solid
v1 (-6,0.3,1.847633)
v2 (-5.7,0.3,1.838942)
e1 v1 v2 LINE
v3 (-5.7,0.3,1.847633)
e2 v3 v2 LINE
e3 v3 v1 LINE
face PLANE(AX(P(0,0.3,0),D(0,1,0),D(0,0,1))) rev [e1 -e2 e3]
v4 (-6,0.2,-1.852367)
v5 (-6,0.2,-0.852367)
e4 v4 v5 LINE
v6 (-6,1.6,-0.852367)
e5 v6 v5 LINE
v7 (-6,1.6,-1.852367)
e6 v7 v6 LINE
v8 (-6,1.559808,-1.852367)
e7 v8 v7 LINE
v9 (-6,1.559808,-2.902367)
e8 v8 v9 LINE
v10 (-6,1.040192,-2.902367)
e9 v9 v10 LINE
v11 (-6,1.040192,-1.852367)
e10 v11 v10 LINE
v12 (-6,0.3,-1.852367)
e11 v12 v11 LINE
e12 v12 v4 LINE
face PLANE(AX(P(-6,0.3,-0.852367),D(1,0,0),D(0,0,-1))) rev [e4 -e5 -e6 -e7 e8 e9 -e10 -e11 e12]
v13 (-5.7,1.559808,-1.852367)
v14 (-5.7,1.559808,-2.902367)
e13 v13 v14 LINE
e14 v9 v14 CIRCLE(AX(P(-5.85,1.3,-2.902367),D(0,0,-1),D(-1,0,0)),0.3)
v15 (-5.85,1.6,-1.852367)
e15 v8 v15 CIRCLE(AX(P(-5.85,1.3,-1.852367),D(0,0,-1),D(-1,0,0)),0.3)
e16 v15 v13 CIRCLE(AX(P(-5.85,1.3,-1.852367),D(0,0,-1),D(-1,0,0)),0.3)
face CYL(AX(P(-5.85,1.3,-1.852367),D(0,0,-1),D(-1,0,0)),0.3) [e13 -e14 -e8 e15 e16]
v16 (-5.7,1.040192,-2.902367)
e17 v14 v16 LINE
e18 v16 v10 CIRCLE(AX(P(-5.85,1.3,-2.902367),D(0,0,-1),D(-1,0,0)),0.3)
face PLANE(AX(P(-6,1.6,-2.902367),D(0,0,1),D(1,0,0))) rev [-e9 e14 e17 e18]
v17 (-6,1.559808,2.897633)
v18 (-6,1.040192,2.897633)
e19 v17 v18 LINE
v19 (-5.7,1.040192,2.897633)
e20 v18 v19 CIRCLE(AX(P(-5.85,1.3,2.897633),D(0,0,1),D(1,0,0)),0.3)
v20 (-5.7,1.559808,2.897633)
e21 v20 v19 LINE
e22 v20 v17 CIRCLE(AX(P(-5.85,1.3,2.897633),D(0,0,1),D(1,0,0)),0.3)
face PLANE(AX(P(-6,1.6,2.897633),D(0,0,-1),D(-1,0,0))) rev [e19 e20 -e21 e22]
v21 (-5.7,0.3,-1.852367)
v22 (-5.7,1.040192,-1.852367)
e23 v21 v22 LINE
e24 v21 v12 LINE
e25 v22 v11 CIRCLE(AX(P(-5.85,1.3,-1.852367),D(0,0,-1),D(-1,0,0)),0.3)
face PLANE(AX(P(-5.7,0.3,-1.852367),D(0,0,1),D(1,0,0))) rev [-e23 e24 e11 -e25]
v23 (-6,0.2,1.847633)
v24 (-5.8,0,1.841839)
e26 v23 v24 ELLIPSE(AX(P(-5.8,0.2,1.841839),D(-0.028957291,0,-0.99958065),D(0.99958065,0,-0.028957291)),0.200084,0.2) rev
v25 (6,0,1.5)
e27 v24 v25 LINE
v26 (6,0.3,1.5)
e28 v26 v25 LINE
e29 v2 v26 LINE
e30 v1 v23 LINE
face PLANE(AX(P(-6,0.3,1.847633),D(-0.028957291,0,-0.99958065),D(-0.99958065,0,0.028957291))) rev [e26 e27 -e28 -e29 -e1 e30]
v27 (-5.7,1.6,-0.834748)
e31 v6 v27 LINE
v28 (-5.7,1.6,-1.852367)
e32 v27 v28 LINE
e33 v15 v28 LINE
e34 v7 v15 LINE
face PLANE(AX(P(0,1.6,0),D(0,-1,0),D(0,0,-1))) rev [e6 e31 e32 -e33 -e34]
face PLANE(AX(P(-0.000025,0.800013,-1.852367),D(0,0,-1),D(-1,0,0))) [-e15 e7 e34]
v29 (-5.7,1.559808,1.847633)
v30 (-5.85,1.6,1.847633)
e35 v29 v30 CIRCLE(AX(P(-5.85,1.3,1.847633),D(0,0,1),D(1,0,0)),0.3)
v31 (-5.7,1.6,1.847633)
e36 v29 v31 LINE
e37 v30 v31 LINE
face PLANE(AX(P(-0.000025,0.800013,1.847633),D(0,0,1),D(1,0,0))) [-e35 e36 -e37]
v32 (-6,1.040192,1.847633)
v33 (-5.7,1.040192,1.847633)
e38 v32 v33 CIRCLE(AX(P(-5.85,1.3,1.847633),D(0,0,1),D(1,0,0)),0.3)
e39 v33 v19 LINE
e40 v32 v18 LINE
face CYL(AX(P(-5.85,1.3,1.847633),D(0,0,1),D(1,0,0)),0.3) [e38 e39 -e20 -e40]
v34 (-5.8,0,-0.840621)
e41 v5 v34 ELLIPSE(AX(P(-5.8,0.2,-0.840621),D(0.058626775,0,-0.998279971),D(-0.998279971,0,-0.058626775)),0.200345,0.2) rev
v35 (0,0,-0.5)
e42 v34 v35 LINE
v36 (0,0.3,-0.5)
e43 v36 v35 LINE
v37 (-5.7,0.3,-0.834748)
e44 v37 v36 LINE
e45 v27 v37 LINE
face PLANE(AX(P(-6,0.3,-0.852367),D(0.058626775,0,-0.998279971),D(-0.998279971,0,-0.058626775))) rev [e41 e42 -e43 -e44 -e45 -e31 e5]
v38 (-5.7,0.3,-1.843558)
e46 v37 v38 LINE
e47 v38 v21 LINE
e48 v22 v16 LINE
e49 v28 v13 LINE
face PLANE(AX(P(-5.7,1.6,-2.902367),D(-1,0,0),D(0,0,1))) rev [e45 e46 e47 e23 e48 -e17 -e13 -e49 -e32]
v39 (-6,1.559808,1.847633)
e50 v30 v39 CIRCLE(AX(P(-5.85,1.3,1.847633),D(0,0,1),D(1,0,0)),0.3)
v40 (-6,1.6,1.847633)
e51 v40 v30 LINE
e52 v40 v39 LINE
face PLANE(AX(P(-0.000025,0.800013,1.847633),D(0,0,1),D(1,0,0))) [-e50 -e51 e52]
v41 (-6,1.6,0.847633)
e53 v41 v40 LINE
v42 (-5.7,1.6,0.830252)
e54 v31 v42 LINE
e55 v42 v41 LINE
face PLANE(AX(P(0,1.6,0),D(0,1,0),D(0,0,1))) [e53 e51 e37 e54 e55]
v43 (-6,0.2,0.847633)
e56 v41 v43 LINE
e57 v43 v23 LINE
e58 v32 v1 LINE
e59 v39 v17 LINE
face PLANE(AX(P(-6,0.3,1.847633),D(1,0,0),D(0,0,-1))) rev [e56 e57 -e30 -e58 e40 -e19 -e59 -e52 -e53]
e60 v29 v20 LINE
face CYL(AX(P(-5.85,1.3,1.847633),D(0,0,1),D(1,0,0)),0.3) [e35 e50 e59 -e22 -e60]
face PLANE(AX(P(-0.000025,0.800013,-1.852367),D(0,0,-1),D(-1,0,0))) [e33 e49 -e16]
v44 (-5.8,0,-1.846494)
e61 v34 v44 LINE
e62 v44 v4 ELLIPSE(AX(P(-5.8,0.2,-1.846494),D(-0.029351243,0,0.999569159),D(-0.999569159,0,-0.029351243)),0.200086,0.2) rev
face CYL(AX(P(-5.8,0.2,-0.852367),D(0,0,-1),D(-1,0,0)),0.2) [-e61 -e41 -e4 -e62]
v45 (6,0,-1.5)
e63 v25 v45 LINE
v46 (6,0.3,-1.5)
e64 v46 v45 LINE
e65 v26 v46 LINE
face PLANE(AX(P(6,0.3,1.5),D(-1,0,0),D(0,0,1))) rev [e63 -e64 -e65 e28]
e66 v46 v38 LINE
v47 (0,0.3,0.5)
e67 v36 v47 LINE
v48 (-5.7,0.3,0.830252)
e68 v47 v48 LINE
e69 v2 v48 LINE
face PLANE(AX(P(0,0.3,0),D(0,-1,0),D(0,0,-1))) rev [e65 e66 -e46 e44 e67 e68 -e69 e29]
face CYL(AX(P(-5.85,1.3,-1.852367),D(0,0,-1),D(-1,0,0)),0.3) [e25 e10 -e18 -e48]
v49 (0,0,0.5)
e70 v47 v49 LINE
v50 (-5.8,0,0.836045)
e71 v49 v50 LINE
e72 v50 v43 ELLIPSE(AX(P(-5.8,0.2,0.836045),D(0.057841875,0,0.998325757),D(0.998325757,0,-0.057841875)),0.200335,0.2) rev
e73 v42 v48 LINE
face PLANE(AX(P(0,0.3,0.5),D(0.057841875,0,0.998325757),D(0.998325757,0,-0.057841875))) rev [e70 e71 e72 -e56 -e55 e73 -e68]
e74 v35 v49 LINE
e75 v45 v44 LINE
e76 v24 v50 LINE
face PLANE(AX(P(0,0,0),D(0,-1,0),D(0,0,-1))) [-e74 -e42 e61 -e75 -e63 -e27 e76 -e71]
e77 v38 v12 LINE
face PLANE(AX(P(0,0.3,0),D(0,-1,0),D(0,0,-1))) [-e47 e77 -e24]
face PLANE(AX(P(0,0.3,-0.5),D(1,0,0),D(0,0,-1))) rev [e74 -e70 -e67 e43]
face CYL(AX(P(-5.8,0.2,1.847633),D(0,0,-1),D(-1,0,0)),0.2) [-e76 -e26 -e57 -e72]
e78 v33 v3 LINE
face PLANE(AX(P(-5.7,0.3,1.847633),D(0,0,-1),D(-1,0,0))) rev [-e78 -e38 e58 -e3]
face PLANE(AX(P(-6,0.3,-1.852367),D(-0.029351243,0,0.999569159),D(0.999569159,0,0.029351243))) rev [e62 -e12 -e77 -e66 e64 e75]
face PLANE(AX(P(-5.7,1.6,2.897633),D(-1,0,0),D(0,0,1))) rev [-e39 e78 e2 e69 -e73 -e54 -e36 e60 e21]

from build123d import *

# Parameters (mm, degrees)
BOSS_EXTRUDE1_DEPTH = 0.3
BOSS_EXTRUDE2_DEPTH = 1.3
SKETCH3_W           = 1.05
SKETCH3_H           = 0.7
CUT_EXTRUDE1_DEPTH  = 0.3
FILLET1_R           = 0.2
SKETCH4_OUTSIDE_W   = 16.684
SKETCH4_OUTSIDE_H   = 6.284
CUT_EXTRUDE3_DEPTH  = 1.05
SKETCH5_OUTSIDE_W   = 16.684
SKETCH5_OUTSIDE_H   = 6.284
CUT_EXTRUDE4_DEPTH  = 1.05


with BuildPart() as part:
    # Sketch1 → Boss-Extrude1 (new body)
    with BuildSketch(Plane(origin=(0, 0, 0), x_dir=(1, 0, 0), z_dir=(0, 1, 0))):
        Polygon((-6, 1.85236673), (6, 1.5), (6, -1.5), (-6, -1.84763327), (-6, -0.84763327), (0, -0.5), (0, 0.5), (-6, 0.85236673), align=None)
    extrude(amount=BOSS_EXTRUDE1_DEPTH)

    # Sketch2 → Boss-Extrude2 (add)
    with BuildSketch(Plane(origin=(0, 0.3, 0), x_dir=(1, 0, 0), z_dir=(0, 1, 0))):
        Polygon((-6, 0.85236673), (-6, 2.90236673), (-5.7, 2.90236673), (-5.7, 0.834748394), align=None)
        Polygon((-6, -0.84763327), (-6, -2.89763327), (-5.7, -2.89763327), (-5.7, -0.830251606), align=None)
    extrude(amount=BOSS_EXTRUDE2_DEPTH)

    # Sketch3 → Cut-Extrude1 (cut)
    with BuildSketch(Plane.ZY.offset(6)):
        with Locations((-2.37736673, 0.65)):
            Rectangle(SKETCH3_W, SKETCH3_H)
        with Locations((2.37263327, 0.65)):
            Rectangle(SKETCH3_W, SKETCH3_H)
    extrude(amount=-CUT_EXTRUDE1_DEPTH, mode=Mode.SUBTRACT)

    # Fillet1
    fillet1_edges = [part.edges().sort_by_distance(p)[0] for p in [
        (-6, 0, -1.35236673),
        (-6, 0, 1.34763327),
    ]]
    fillet(fillet1_edges, radius=FILLET1_R)

    # Sketch4 outside → Cut-Extrude3 (cut)
    with BuildSketch(Plane(origin=(0, 0, -2.90236673), x_dir=(-1, 0, 0), z_dir=(0, 0, -1))):
        with Locations((0, 0.8)):
            Rectangle(SKETCH4_OUTSIDE_W, SKETCH4_OUTSIDE_H)
        with BuildLine():
            Line((5.7, 1.559807621), (5.7, 1.040192379))
            ThreePointArc((5.7, 1.040192379), (5.85, 1), (6, 1.040192379))
            Line((6, 1.040192379), (6, 1.559807621))
            ThreePointArc((6, 1.559807621), (5.85, 1.6), (5.7, 1.559807621))
        make_face(mode=Mode.SUBTRACT)
    extrude(amount=-CUT_EXTRUDE3_DEPTH, mode=Mode.SUBTRACT)

    # Sketch5 outside → Cut-Extrude4 (cut)
    with BuildSketch(Plane.XY.offset(2.89763327)):
        with Locations((0, 0.8)):
            Rectangle(SKETCH5_OUTSIDE_W, SKETCH5_OUTSIDE_H)
        with BuildLine():
            Line((-5.7, 1.559807621), (-5.7, 1.040192379))
            ThreePointArc((-5.7, 1.040192379), (-5.85, 1), (-6, 1.040192379))
            Line((-6, 1.040192379), (-6, 1.559807621))
            ThreePointArc((-6, 1.559807621), (-5.85, 1.6), (-5.7, 1.559807621))
        make_face(mode=Mode.SUBTRACT)
    extrude(amount=-CUT_EXTRUDE4_DEPTH, mode=Mode.SUBTRACT)


solid = part.part
